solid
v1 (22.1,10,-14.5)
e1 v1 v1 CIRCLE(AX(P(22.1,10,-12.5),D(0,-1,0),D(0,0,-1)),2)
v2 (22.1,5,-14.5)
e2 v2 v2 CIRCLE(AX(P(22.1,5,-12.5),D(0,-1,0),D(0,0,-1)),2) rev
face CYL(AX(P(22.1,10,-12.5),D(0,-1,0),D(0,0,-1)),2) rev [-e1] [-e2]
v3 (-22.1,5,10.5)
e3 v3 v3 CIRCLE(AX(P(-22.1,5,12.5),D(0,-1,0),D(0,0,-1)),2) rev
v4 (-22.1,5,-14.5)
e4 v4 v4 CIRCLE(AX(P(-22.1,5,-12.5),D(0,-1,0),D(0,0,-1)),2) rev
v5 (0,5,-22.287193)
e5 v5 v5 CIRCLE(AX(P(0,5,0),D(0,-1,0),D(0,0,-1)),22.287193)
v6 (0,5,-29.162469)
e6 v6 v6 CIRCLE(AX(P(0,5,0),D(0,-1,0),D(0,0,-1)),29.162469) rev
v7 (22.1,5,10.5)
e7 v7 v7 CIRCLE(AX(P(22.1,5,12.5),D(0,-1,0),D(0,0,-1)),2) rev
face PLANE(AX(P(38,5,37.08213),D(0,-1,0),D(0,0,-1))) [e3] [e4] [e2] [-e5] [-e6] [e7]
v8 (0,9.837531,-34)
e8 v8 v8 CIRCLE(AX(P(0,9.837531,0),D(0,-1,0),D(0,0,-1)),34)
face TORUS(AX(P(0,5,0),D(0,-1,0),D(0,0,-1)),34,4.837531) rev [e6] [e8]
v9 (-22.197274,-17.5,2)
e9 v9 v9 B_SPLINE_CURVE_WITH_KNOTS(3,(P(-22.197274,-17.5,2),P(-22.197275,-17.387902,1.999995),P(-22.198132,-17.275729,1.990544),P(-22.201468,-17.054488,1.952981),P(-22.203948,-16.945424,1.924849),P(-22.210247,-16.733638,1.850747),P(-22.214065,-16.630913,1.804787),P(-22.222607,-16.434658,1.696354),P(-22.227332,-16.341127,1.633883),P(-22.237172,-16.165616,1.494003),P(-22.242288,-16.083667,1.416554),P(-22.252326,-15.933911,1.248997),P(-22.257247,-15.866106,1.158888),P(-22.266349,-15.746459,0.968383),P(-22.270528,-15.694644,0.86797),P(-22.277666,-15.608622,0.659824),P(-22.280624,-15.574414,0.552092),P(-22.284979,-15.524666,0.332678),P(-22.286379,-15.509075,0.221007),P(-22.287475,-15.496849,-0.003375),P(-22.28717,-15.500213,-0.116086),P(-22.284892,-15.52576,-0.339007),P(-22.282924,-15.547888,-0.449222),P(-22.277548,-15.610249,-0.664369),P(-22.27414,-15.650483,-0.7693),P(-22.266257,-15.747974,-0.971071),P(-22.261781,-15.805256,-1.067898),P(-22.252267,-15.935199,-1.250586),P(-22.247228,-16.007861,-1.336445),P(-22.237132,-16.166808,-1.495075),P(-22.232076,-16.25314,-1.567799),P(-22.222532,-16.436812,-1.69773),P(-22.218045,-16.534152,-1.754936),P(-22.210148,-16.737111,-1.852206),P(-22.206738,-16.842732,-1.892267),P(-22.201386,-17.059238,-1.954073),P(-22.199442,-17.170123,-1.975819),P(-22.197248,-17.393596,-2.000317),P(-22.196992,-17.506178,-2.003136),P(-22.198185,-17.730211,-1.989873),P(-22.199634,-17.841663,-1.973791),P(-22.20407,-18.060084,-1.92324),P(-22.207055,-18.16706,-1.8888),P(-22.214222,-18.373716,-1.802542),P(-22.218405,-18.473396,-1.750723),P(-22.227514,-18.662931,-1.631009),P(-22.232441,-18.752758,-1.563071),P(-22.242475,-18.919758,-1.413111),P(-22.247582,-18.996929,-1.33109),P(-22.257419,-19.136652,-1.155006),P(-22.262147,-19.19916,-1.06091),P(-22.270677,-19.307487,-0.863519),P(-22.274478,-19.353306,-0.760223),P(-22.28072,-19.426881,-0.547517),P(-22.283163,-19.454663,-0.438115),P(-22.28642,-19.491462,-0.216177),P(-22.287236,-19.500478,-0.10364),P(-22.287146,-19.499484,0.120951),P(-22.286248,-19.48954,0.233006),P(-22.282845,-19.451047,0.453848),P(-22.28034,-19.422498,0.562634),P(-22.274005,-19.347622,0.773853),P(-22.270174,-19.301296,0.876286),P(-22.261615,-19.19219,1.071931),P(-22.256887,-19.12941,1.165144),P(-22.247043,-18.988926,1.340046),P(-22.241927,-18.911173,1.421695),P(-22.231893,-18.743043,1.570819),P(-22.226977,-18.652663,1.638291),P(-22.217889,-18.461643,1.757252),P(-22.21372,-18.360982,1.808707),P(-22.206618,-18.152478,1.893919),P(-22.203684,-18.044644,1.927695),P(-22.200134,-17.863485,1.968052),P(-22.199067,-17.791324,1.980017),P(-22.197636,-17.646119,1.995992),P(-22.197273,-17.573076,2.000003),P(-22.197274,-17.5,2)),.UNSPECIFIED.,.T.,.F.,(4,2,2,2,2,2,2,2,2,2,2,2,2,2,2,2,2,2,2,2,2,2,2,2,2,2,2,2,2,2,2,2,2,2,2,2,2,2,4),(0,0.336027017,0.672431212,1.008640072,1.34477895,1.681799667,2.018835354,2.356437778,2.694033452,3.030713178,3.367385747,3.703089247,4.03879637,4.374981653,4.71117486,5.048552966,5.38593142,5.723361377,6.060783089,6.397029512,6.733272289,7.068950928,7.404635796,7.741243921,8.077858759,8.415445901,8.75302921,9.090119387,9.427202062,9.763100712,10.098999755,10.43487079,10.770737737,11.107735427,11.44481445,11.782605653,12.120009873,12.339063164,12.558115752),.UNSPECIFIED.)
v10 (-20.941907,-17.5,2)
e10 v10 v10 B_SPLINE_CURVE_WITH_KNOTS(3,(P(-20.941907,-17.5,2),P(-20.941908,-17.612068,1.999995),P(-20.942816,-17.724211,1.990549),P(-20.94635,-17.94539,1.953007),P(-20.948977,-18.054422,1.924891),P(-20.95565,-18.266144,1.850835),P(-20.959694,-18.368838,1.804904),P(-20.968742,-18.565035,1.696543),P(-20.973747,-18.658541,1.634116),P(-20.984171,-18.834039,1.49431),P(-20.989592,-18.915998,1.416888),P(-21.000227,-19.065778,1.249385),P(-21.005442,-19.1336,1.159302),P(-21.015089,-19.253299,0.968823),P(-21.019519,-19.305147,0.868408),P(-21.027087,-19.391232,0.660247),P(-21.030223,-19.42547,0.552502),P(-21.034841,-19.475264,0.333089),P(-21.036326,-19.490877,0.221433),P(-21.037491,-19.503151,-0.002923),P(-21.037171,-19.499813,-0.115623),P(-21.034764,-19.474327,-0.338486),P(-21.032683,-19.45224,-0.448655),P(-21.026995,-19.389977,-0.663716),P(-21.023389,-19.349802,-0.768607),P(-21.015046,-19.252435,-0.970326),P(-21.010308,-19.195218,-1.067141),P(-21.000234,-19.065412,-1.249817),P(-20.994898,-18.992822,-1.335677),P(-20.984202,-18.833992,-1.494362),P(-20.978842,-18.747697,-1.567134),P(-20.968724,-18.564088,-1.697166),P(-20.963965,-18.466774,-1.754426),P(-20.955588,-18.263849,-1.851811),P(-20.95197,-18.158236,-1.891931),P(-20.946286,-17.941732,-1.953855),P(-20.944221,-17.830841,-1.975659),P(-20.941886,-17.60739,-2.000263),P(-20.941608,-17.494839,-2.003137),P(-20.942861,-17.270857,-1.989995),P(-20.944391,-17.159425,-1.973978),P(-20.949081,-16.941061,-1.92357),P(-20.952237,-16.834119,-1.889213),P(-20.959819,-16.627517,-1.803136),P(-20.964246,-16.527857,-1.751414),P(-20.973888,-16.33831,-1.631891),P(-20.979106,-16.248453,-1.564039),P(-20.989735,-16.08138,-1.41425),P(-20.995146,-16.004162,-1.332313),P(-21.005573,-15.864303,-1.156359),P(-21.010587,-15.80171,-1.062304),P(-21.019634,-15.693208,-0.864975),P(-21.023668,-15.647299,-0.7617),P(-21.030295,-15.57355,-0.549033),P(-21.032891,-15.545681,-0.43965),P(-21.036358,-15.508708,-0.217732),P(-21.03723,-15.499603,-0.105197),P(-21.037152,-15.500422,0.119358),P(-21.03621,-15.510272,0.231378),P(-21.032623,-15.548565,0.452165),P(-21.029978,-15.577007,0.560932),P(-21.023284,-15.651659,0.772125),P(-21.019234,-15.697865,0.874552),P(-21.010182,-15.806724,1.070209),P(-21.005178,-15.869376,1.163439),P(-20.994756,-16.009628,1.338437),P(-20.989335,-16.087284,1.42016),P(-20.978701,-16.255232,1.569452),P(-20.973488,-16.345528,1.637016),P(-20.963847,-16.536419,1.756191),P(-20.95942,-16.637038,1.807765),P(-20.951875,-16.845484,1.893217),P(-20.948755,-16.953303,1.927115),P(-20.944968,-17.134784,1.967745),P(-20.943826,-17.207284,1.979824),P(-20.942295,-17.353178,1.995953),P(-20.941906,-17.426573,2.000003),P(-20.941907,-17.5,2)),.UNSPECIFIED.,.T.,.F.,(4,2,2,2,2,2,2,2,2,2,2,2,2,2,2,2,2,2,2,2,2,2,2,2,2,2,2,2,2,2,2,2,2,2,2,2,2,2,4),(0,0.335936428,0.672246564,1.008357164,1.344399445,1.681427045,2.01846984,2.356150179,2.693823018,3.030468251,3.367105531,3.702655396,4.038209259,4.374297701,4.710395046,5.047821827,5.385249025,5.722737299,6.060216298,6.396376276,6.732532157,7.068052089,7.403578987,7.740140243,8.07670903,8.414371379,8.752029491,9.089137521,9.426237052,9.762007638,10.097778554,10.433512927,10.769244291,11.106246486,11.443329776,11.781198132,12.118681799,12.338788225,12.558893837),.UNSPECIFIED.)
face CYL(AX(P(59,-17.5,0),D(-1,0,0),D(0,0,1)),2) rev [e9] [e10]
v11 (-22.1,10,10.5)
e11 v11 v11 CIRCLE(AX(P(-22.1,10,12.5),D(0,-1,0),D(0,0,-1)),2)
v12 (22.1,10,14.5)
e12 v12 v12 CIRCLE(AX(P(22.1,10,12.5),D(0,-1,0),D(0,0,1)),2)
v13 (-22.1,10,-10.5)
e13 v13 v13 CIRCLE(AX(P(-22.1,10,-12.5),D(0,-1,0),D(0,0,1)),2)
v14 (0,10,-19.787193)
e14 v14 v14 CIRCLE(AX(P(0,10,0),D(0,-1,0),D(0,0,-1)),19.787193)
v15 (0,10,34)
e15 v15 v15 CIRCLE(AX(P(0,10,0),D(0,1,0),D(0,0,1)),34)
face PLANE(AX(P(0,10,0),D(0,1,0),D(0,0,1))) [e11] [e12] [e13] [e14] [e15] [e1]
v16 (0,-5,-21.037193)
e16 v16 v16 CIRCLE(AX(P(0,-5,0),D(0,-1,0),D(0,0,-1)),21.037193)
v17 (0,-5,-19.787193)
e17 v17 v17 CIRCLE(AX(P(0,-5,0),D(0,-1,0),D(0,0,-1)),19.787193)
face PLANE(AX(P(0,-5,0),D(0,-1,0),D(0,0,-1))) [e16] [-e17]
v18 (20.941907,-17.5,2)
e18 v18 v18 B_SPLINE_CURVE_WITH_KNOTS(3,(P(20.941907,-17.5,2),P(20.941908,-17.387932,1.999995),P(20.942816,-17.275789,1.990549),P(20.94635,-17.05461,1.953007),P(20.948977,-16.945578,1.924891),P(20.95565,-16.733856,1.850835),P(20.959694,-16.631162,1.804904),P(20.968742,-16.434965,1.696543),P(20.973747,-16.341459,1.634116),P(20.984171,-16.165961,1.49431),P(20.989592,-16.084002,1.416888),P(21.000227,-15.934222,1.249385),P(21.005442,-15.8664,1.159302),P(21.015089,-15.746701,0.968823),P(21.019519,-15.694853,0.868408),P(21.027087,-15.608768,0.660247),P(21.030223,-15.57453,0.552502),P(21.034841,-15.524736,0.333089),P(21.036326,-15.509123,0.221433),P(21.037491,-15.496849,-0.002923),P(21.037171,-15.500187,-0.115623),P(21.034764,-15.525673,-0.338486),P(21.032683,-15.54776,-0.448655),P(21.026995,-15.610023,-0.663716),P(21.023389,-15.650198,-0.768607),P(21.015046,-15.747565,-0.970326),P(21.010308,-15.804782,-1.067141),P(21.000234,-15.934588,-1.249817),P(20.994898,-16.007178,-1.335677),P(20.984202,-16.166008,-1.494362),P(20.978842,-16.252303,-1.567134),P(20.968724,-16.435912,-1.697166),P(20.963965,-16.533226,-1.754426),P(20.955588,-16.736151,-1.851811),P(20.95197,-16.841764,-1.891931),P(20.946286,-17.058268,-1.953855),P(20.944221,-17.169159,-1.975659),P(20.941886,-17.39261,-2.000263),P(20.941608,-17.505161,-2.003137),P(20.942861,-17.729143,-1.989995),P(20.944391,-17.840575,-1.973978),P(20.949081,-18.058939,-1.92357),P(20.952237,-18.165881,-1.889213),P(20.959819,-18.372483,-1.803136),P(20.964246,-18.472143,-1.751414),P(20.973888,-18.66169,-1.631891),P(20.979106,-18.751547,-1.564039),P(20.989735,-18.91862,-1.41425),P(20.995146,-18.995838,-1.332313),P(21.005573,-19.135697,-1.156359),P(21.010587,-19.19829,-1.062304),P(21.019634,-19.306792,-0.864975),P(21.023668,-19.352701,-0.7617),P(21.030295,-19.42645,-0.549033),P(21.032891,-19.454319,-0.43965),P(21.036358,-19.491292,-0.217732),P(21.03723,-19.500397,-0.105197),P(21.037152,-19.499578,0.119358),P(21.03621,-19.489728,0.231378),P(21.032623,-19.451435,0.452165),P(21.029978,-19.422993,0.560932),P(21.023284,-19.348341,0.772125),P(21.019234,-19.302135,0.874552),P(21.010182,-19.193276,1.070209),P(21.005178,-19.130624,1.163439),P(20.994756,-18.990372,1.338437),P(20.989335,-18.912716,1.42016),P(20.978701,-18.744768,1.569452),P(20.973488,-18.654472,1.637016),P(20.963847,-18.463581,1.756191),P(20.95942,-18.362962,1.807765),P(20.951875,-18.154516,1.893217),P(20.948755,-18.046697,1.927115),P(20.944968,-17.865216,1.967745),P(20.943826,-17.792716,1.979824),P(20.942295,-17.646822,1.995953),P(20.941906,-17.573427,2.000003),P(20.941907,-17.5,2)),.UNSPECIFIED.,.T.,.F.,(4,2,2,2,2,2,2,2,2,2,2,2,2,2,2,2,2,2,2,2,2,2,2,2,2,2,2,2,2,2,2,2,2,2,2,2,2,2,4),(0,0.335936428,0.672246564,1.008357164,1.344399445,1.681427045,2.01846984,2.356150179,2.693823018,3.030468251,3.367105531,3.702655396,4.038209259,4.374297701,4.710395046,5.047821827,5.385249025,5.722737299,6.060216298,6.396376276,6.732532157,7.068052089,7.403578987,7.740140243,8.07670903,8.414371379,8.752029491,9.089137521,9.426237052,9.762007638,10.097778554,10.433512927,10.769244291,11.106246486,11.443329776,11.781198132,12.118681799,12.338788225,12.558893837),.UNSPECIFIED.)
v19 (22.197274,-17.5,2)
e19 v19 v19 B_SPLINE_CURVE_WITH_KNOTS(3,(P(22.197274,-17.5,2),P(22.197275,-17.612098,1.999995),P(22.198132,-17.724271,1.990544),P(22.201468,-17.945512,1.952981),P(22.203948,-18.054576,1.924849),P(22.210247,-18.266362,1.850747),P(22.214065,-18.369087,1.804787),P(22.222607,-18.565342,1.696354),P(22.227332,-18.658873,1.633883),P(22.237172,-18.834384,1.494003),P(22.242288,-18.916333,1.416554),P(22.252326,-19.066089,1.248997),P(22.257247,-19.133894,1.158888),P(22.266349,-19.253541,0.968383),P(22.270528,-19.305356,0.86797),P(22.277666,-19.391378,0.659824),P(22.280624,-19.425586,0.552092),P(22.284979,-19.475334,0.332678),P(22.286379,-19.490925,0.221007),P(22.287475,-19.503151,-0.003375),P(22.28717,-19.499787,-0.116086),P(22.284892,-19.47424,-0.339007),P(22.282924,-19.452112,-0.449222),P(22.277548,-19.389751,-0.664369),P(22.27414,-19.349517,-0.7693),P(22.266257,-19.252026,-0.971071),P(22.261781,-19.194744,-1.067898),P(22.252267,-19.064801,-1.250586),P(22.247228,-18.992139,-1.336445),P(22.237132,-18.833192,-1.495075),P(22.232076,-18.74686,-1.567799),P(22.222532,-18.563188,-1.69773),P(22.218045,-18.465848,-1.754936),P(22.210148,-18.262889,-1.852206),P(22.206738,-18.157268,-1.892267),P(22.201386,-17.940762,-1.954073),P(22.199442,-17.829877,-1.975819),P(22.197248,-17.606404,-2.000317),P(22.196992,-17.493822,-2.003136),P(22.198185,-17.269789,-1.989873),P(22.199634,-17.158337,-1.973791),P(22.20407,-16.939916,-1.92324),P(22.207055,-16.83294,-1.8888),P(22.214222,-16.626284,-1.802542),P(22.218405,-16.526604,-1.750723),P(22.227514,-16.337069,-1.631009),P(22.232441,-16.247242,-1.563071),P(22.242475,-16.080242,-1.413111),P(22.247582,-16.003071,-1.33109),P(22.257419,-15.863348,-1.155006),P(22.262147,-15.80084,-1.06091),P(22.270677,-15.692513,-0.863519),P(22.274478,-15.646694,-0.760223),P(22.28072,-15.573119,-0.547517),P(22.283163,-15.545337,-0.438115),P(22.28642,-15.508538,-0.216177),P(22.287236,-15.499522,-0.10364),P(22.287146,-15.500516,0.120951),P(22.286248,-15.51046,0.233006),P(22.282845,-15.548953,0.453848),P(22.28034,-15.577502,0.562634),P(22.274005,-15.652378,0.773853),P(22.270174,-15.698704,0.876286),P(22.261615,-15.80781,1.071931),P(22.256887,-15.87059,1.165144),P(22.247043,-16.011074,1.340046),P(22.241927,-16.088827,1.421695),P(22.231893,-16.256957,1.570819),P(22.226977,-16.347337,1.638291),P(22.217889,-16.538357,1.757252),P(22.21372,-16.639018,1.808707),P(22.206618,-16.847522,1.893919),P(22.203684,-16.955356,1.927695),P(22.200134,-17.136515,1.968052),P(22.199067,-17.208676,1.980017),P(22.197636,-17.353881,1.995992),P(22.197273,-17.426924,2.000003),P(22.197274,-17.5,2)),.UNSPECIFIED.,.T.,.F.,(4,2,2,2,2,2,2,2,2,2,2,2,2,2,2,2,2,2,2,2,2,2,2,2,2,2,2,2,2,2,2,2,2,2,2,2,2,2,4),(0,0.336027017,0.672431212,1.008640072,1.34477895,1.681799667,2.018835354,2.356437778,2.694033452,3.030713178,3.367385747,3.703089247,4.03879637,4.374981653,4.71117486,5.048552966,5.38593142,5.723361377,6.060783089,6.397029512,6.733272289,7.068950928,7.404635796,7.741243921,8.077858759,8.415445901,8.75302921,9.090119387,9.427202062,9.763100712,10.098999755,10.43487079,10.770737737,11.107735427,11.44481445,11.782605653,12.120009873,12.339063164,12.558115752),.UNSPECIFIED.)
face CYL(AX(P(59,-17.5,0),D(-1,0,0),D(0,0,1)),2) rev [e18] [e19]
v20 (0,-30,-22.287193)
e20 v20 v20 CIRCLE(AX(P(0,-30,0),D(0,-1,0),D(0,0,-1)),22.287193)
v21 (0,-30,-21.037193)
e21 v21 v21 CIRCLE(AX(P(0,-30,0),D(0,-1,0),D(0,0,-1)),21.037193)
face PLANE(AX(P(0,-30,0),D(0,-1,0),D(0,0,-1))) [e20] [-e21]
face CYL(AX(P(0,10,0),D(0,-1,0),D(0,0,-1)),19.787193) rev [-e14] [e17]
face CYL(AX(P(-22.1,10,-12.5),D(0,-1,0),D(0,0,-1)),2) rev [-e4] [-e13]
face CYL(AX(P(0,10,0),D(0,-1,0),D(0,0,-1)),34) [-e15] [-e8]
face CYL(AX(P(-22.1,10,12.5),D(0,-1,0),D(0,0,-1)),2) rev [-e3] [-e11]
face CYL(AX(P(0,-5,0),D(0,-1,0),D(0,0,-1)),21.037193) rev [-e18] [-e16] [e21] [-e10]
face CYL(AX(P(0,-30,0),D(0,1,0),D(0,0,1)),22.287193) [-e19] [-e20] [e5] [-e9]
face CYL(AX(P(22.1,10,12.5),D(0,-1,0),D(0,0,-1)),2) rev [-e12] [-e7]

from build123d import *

# Parameters (mm, degrees)
SKETCH1_R               = 34
BOSS_EXTRUDE1_DEPTH     = 10
SKETCH2_R               = 19.7871926
SKETCH2_R_2             = 2
CUT_EXTRUDE1_DEPTH      = 10
SKETCH3_R               = 4.837531333
SKETCH4_W               = 4.837531333
SKETCH4_H               = 4.837531333
CUT_EXTRUDE3_DEPTH      = 38
CUT_EXTRUDE3_DEPTH_BACK = 38
SKETCH5_W               = 72.361656805
SKETCH5_H               = 8.896778435
BOSS_EXTRUDE2_START     = 35
SKETCH6_R               = 22.2871926
SKETCH6_R_2             = 19.7871926
BOSS_EXTRUDE2_DEPTH     = 35
SKETCH7_R               = 21.0371926
SKETCH7_R_2             = 19.7871926
CUT_EXTRUDE4_DEPTH      = 25
CUT_EXTRUDE5_DEPTH      = 59
CUT_EXTRUDE5_DEPTH_BACK = 45
SKETCH9_R               = 2


with BuildPart() as part:
    # Sketch1 → Boss-Extrude1 (new body)
    with BuildSketch(Plane(origin=(0, 0, 0), x_dir=(1, 0, 0), z_dir=(0, 1, 0))):
        Circle(SKETCH1_R)
    extrude(amount=BOSS_EXTRUDE1_DEPTH)

    # Sketch2 → Cut-Extrude1 (cut)
    with BuildSketch(Plane.XZ):
        Circle(SKETCH2_R)
        with Locations((-22.1, 12.5)):
            Circle(SKETCH2_R_2)
        with Locations((22.1, 12.5)):
            Circle(SKETCH2_R_2)
        with Locations((22.1, -12.5)):
            Circle(SKETCH2_R_2)
        with Locations((-22.1, -12.5)):
            Circle(SKETCH2_R_2)
    extrude(amount=-CUT_EXTRUDE1_DEPTH, mode=Mode.SUBTRACT)

    # Sketch3 → Cut-Revolve1 (revolve, cut)
    with BuildSketch(Plane(origin=(0, 0, 0), x_dir=(0, 0, -1), z_dir=(1, 0, 0))):
        with Locations((-34, 5)):
            Circle(SKETCH3_R)
    revolve(axis=Axis((0, 0, 0), (0, 1, 0)), mode=Mode.SUBTRACT)

    # Sketch4 → Cut-Revolve2 (revolve, cut)
    with BuildSketch(Plane(origin=(0, 0, 0), x_dir=(0, 0, -1), z_dir=(1, 0, 0))):
        with Locations((-31.581234333, 2.581234333)):
            Rectangle(SKETCH4_W, SKETCH4_H)
    revolve(axis=Axis((0, 0, 0), (0, 1, 0)), mode=Mode.SUBTRACT)

    # Sketch5 → Cut-Extrude3 (cut, two sides: drawn at the far end of the back side and taken through both)
    with BuildSketch(Plane(origin=(0, 0, 0), x_dir=(0, 0, -1), z_dir=(1, 0, 0)).offset(-CUT_EXTRUDE3_DEPTH_BACK)):
        with Locations((-0.901301775, 0.551610782)):
            Rectangle(SKETCH5_W, SKETCH5_H)
    extrude(amount=CUT_EXTRUDE3_DEPTH + CUT_EXTRUDE3_DEPTH_BACK, mode=Mode.SUBTRACT)

    # Sketch6 → Boss-Extrude2 (add)
    with BuildSketch(Plane.XZ.offset(-5).offset(BOSS_EXTRUDE2_START)):
        Circle(SKETCH6_R)
        Circle(SKETCH6_R_2, mode=Mode.SUBTRACT)
    extrude(amount=-BOSS_EXTRUDE2_DEPTH)

    # Sketch7 → Cut-Extrude4 (cut)
    with BuildSketch(Plane.XZ.offset(30)):
        Circle(SKETCH7_R)
        Circle(SKETCH7_R_2, mode=Mode.SUBTRACT)
    extrude(amount=-CUT_EXTRUDE4_DEPTH, mode=Mode.SUBTRACT)

    # Sketch9 → Cut-Extrude5 (cut, two sides: drawn at the far end of the back side and taken through both)
    with BuildSketch(Plane(origin=(0, 0, 0), x_dir=(0, 0, -1), z_dir=(1, 0, 0)).offset(-CUT_EXTRUDE5_DEPTH_BACK)):
        with Locations((0, -17.5)):
            Circle(SKETCH9_R)
    extrude(amount=CUT_EXTRUDE5_DEPTH + CUT_EXTRUDE5_DEPTH_BACK, mode=Mode.SUBTRACT)


solid = part.part
